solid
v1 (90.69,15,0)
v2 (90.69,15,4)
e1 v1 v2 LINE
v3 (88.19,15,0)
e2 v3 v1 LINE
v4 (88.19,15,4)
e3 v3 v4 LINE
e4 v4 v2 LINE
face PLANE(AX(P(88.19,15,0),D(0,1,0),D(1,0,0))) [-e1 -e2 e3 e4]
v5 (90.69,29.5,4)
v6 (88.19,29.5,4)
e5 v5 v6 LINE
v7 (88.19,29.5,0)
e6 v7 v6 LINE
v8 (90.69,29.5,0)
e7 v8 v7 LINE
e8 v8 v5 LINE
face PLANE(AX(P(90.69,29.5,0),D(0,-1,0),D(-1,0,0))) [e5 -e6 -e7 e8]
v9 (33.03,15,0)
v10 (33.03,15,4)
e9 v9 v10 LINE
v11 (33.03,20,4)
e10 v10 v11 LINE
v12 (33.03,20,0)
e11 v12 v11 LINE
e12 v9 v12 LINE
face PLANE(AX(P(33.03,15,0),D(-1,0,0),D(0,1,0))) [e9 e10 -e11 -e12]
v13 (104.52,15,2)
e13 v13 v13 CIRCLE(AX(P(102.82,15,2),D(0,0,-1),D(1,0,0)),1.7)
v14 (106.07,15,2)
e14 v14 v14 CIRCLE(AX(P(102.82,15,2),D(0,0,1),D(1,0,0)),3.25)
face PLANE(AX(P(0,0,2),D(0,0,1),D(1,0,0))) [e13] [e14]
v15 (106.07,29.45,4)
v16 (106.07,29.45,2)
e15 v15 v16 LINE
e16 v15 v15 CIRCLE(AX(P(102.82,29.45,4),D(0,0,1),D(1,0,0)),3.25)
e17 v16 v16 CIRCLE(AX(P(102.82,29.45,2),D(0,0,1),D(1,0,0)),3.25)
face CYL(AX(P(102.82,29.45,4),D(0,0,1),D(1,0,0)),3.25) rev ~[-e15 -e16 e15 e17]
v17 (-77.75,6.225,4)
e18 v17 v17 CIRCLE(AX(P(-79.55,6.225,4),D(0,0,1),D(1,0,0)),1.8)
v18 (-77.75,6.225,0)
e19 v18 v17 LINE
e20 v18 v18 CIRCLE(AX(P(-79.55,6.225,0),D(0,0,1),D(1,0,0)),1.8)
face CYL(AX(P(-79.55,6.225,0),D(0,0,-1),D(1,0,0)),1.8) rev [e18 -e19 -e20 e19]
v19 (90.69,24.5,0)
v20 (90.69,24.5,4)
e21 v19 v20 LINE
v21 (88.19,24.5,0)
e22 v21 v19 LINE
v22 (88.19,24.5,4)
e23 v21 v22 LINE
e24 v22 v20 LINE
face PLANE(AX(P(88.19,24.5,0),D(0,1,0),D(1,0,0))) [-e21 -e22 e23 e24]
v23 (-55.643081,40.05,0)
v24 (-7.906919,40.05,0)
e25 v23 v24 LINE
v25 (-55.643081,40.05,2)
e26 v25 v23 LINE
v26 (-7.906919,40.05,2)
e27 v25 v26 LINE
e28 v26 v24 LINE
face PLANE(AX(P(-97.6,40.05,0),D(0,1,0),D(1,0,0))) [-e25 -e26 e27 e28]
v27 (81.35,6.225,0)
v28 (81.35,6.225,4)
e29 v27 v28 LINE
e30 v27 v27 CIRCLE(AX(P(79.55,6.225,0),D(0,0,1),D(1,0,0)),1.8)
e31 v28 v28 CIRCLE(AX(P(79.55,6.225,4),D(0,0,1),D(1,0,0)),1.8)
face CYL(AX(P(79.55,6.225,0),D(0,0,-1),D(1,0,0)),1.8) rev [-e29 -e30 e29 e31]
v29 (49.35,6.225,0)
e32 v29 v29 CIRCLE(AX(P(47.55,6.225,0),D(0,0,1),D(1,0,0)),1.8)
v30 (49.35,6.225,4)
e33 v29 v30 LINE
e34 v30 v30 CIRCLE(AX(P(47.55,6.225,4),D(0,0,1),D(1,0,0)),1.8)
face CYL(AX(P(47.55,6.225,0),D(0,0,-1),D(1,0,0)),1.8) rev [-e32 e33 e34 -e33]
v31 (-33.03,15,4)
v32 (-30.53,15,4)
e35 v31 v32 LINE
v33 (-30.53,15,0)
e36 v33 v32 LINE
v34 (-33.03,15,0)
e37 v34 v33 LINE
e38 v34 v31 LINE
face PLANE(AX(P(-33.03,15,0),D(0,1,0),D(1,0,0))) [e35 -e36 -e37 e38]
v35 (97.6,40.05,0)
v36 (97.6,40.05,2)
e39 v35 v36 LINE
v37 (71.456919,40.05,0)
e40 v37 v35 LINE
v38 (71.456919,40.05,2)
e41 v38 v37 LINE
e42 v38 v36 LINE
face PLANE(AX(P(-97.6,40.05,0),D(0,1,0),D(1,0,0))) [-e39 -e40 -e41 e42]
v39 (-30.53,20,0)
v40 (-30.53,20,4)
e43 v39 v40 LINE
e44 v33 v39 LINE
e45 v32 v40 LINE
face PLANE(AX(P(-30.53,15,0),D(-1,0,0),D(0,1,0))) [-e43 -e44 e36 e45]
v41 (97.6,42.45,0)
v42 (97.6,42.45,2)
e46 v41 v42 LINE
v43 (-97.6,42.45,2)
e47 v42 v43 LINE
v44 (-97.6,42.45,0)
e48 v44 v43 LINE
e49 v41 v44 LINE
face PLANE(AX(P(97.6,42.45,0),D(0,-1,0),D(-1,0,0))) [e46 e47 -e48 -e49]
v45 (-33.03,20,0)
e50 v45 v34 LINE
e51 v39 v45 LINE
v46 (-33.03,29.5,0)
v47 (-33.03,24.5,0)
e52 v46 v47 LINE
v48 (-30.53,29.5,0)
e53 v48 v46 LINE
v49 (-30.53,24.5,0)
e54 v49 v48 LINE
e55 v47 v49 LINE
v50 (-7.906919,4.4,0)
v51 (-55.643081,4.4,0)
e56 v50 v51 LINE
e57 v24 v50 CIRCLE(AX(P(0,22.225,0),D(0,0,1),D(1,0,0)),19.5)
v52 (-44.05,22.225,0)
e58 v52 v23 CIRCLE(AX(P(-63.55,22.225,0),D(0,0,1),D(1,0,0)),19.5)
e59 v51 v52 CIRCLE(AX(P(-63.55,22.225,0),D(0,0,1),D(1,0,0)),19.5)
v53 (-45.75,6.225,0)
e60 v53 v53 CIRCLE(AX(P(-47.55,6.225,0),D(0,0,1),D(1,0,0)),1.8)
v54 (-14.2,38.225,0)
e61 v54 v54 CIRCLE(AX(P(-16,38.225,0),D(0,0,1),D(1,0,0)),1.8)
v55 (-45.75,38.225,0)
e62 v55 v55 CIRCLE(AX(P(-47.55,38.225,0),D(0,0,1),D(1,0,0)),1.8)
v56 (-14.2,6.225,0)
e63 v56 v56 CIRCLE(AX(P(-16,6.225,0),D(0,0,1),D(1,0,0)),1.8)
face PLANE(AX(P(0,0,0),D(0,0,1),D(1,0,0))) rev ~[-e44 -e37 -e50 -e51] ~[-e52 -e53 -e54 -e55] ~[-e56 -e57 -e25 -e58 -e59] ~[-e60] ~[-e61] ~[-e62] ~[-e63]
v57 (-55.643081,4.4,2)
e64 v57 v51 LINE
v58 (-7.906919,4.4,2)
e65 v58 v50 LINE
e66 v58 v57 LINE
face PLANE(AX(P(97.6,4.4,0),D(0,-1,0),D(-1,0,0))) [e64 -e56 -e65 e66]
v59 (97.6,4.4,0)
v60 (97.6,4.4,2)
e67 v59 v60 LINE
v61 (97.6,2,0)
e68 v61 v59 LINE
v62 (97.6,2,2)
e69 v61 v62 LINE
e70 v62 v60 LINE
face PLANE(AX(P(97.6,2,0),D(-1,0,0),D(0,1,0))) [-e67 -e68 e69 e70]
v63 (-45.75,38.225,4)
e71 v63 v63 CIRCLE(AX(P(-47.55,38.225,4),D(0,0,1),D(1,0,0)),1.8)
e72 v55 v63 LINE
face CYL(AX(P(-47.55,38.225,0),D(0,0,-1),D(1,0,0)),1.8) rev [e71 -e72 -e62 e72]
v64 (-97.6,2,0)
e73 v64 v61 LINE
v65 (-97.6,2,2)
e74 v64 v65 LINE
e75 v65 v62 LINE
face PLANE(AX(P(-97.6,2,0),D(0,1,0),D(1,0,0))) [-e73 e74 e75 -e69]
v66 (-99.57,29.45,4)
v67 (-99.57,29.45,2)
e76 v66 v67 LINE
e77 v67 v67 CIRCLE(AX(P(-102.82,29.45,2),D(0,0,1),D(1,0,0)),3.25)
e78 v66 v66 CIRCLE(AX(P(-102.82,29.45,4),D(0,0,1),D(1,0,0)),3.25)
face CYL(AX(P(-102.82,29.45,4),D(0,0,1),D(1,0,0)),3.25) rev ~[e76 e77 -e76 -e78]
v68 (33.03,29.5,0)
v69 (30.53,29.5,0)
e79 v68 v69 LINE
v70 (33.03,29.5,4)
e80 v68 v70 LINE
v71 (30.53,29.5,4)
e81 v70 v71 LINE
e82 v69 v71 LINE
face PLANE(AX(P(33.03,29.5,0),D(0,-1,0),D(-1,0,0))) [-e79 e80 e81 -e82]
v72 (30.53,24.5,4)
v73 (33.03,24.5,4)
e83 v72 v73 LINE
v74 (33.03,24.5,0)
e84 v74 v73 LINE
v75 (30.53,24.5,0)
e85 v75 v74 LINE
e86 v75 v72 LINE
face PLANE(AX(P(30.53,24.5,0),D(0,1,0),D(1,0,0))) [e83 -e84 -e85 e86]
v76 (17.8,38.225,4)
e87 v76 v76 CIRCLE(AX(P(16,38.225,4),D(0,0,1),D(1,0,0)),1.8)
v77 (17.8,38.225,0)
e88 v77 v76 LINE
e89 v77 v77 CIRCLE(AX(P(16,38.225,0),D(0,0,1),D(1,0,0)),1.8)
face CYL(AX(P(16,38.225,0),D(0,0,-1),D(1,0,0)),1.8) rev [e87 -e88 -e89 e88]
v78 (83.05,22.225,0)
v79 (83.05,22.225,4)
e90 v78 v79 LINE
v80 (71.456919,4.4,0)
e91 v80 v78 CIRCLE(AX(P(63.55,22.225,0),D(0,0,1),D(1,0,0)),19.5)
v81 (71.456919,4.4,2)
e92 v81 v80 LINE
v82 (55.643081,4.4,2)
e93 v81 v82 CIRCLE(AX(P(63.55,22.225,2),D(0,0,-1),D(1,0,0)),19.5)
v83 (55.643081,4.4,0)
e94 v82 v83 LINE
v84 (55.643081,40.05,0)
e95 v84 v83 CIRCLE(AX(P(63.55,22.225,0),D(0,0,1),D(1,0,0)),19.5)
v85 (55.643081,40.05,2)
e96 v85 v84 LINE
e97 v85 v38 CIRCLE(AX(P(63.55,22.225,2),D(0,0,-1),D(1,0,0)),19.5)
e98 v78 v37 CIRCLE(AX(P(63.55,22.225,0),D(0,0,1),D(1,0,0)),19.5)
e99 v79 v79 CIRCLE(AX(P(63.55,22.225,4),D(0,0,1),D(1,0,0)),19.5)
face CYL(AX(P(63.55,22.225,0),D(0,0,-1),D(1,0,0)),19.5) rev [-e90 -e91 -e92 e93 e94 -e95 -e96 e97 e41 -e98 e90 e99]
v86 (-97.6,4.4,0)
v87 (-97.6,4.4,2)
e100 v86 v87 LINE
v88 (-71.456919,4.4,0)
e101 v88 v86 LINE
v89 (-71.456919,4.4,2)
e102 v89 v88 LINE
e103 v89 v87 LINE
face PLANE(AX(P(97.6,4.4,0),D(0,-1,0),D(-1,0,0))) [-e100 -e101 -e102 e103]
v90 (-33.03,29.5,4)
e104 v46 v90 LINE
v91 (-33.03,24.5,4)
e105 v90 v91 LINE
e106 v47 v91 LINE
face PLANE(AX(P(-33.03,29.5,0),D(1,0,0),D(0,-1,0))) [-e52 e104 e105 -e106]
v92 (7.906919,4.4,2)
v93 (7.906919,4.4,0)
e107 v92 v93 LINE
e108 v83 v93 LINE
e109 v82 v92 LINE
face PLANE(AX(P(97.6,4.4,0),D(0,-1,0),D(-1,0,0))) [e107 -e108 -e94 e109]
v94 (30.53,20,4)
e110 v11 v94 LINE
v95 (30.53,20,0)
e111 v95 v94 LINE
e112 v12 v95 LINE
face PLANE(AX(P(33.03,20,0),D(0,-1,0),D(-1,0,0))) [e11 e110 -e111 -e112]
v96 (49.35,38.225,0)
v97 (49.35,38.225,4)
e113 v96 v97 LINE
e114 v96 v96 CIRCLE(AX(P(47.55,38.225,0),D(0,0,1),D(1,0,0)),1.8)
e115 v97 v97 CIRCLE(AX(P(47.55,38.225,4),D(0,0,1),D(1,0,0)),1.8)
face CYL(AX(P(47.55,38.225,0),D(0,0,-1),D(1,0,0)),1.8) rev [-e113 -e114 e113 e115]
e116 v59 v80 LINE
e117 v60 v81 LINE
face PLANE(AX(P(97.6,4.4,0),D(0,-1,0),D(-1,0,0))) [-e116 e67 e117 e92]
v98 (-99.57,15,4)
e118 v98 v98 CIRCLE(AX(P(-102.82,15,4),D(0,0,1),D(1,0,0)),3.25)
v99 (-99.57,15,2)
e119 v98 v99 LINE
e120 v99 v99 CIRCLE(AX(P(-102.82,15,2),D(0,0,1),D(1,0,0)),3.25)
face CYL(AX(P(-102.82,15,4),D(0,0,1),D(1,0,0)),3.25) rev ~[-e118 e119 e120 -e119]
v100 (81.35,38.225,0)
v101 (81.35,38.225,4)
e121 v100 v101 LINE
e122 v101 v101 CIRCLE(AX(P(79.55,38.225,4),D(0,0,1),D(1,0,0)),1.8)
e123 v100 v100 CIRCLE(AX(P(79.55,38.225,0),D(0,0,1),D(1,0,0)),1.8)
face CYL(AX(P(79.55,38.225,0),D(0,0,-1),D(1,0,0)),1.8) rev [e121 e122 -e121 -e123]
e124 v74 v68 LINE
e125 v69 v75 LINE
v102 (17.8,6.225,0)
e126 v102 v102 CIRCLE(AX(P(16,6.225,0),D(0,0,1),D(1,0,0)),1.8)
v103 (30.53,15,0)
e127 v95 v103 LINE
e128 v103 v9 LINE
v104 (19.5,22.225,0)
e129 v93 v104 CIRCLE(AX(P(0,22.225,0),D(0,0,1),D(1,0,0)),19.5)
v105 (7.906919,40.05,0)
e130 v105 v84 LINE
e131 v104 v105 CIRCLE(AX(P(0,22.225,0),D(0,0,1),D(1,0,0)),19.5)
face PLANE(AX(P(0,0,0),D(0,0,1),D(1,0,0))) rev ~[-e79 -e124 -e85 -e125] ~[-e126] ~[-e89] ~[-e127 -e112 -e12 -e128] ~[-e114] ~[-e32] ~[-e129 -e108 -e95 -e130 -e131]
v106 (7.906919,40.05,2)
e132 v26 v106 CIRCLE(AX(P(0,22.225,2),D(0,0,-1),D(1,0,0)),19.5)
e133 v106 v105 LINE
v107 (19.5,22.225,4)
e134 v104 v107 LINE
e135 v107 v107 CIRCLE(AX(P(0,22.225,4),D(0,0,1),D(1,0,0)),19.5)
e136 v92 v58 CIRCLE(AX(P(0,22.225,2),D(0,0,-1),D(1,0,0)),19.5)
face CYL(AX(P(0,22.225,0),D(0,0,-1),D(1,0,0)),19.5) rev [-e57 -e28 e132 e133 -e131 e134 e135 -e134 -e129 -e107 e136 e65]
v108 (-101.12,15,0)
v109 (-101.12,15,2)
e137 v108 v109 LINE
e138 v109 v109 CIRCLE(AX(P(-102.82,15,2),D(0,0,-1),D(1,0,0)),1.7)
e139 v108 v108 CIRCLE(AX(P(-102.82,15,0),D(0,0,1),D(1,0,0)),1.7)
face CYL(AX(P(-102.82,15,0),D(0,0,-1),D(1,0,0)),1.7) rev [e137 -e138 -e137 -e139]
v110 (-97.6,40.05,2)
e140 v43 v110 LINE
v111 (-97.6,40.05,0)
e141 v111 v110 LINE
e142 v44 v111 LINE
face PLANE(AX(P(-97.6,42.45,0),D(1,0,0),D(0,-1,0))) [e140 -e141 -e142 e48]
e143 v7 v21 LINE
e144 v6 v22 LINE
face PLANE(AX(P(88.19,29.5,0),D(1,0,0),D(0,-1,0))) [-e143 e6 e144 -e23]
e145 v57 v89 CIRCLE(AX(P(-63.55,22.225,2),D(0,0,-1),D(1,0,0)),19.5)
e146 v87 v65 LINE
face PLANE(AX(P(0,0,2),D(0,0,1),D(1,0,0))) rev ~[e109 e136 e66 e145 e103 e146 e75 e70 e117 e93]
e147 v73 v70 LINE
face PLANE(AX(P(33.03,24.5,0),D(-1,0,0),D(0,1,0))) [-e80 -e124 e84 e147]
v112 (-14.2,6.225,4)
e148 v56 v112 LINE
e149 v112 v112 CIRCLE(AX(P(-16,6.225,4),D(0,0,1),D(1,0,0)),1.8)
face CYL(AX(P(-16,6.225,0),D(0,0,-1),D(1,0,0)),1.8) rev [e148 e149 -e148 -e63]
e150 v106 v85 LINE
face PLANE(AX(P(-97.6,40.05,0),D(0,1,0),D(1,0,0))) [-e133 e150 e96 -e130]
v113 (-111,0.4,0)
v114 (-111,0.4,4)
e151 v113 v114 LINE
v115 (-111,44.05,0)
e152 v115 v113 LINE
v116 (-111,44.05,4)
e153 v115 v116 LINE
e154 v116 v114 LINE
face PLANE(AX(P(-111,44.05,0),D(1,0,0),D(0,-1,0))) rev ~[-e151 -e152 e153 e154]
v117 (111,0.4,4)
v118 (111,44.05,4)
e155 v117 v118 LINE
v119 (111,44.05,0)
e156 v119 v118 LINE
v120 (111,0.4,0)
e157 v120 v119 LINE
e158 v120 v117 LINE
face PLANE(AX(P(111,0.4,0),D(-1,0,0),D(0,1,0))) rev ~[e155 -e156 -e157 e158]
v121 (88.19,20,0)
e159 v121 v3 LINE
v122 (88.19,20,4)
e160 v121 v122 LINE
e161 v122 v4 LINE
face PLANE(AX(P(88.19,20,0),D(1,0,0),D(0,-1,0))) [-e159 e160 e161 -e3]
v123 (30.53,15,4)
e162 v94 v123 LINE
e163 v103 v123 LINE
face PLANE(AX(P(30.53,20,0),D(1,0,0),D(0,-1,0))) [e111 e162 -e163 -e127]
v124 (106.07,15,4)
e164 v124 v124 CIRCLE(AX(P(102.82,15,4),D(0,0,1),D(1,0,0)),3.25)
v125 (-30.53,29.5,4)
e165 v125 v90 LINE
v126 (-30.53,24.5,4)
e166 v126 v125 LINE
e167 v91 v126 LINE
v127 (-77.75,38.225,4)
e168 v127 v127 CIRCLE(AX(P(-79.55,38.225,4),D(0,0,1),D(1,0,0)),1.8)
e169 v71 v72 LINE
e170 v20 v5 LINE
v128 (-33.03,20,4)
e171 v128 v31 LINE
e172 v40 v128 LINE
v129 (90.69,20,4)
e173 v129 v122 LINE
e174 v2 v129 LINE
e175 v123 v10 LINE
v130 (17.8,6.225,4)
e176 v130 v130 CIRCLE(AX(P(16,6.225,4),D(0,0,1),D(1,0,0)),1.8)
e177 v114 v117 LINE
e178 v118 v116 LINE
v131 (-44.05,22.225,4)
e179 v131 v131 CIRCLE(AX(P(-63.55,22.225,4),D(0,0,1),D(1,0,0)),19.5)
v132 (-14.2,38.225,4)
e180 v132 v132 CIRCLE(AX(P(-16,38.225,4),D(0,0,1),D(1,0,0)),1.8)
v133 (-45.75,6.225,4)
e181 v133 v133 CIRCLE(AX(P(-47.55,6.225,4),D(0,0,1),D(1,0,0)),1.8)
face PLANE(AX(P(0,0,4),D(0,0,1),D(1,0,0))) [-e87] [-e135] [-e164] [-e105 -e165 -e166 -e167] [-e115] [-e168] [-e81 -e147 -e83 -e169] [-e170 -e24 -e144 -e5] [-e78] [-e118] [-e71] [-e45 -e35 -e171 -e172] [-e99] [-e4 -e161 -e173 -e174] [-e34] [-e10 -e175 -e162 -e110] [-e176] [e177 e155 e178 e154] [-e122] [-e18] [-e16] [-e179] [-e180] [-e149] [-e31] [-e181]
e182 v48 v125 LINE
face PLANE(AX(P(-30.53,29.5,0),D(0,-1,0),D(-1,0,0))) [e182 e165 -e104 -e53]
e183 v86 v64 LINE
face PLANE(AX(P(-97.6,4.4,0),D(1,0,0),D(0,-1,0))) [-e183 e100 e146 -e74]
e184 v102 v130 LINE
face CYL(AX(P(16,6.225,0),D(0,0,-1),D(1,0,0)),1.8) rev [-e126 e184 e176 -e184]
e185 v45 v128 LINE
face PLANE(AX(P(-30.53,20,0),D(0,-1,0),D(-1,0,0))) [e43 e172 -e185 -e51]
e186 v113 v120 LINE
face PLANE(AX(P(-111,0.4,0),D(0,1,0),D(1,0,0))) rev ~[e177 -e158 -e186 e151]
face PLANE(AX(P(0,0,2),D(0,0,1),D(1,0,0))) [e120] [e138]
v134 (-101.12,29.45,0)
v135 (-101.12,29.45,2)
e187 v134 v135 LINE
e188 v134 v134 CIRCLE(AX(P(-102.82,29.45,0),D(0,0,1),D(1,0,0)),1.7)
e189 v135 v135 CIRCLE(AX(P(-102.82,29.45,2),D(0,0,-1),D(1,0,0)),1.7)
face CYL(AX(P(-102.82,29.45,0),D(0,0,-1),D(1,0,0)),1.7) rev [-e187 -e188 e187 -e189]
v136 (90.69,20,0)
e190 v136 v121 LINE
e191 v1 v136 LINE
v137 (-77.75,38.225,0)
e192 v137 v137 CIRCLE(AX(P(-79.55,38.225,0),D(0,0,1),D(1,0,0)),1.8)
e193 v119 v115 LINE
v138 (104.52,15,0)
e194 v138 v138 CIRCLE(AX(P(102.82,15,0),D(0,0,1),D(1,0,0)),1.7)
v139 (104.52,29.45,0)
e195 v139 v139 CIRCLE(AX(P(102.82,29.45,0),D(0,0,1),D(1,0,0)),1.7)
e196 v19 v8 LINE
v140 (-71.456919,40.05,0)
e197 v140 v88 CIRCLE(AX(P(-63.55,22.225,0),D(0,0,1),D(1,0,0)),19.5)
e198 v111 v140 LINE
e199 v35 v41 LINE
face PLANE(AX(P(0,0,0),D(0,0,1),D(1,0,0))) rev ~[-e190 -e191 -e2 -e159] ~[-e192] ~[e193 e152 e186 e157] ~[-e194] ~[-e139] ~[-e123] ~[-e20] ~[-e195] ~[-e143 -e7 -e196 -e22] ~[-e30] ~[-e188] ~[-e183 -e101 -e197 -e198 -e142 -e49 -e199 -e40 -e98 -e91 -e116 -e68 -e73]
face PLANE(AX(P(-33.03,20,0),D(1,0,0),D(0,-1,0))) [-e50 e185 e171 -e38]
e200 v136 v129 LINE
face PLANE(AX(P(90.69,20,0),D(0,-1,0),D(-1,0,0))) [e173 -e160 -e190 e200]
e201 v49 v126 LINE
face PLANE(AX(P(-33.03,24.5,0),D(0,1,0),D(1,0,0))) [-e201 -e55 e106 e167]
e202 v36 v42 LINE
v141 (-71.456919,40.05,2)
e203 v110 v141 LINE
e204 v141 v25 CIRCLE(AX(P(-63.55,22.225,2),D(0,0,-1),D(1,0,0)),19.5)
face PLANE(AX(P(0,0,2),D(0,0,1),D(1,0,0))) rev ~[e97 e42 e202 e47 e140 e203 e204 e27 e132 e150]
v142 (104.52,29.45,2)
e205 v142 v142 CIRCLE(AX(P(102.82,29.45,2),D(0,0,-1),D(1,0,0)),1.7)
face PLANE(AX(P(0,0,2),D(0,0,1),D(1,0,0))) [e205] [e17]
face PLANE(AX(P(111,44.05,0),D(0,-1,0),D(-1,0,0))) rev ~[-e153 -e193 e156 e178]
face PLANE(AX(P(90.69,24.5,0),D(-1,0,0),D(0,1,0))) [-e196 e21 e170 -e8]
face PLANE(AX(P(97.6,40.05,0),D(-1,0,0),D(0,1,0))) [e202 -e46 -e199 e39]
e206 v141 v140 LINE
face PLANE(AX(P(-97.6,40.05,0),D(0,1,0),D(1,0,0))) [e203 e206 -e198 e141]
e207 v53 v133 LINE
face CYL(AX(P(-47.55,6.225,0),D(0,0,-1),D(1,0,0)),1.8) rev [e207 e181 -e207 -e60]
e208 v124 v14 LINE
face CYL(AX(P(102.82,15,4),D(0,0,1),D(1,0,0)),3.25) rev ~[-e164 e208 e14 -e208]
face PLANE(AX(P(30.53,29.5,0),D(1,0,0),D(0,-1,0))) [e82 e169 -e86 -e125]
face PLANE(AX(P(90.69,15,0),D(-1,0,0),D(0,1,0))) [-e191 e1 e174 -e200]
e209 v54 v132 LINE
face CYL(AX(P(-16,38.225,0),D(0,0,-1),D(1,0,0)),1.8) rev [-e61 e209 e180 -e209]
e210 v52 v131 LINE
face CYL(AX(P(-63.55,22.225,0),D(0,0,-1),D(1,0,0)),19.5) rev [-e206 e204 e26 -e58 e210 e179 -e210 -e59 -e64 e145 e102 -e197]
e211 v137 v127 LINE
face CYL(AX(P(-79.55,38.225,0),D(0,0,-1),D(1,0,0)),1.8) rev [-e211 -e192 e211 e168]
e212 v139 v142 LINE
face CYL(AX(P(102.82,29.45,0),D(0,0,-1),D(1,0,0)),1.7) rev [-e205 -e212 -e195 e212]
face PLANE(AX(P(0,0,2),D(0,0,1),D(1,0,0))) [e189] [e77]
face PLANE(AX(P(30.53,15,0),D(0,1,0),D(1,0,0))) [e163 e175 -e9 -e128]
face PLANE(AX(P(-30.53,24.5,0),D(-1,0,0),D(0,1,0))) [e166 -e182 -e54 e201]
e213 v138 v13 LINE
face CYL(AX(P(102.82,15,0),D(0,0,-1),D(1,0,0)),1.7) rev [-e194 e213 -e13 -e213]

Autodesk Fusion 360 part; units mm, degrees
sketch "Sketch1" plane through (0, 0, 0) normal (0, 0, 1) x (1, 0, 0)
  line L0 (-111, 0.4) -> (111, 0.4)
  line L1 (111, 0.4) -> (111, 44.05)
  line L2 (111, 44.05) -> (-111, 44.05)
  line L3 (-111, 44.05) -> (-111, 0.4)
extrude "Extrude1" add sketch "Sketch1" along normal blind 4
sketch "Sketch2" plane through (0, 0, 0) normal (0, 0, 1) x (1, 0, 0)
  circle A0 centre (-63.55, 22.225) radius 19.5
  circle A1 centre (-79.55, 6.225) radius 1.8
  circle A2 centre (-79.55, 38.225) radius 1.8
  circle A3 centre (-47.55, 6.225) radius 1.8
  circle A4 centre (-47.55, 38.225) radius 1.8
  circle A5 centre (0, 22.225) radius 19.5
  circle A6 centre (-16, 6.225) radius 1.8
  circle A7 centre (-16, 38.225) radius 1.8
  circle A8 centre (16, 6.225) radius 1.8
  circle A9 centre (16, 38.225) radius 1.8
  circle A10 centre (63.55, 22.225) radius 19.5
  circle A11 centre (47.55, 6.225) radius 1.8
  circle A12 centre (47.55, 38.225) radius 1.8
  circle A13 centre (79.55, 6.225) radius 1.8
  circle A14 centre (79.55, 38.225) radius 1.8
  circle A15 centre (-102.82, 15) radius 1.7
  circle A16 centre (-102.82, 29.45) radius 1.7
  circle A17 centre (102.82, 15) radius 1.7
  circle A18 centre (102.82, 29.45) radius 1.7
extrude "Extrude2" cut sketch "Sketch2" along normal blind 4
sketch "Sketch3" plane through (0, 0, 0) normal (0, 0, 1) x (1, 0, 0)
  line L0 (-33.03, 15) -> (-30.53, 15)
  line L1 (-30.53, 15) -> (-30.53, 20)
  line L2 (-30.53, 20) -> (-33.03, 20)
  line L3 (-33.03, 20) -> (-33.03, 15)
  line L4 (-33.03, 24.5) -> (-30.53, 24.5)
  line L5 (-30.53, 24.5) -> (-30.53, 29.5)
  line L6 (-30.53, 29.5) -> (-33.03, 29.5)
  line L7 (-33.03, 29.5) -> (-33.03, 24.5)
  line L8 (30.53, 15) -> (33.03, 15)
  line L9 (33.03, 15) -> (33.03, 20)
  line L10 (33.03, 20) -> (30.53, 20)
  line L11 (30.53, 20) -> (30.53, 15)
  line L12 (30.53, 24.5) -> (33.03, 24.5)
  line L13 (33.03, 24.5) -> (33.03, 29.5)
  line L14 (33.03, 29.5) -> (30.53, 29.5)
  line L15 (30.53, 29.5) -> (30.53, 24.5)
  line L16 (88.19, 15) -> (90.69, 15)
  line L17 (90.69, 15) -> (90.69, 20)
  line L18 (90.69, 20) -> (88.19, 20)
  line L19 (88.19, 20) -> (88.19, 15)
  line L20 (88.19, 24.5) -> (90.69, 24.5)
  line L21 (90.69, 24.5) -> (90.69, 29.5)
  line L22 (90.69, 29.5) -> (88.19, 29.5)
  line L23 (88.19, 29.5) -> (88.19, 24.5)
extrude "Extrude3" cut sketch "Sketch3" along normal blind 4
ref_plane "WorkPlane1" through (0, 0, 4) normal (0, 0, 1) x (1, 0, 0)
sketch "Sketch4" plane through (0, 0, 4) normal (0, 0, 1) x (1, 0, 0)
  circle A0 centre (-102.82, 15) radius 3.25
  circle A1 centre (-102.82, 29.45) radius 3.25
  circle A2 centre (102.82, 15) radius 3.25
  circle A3 centre (102.82, 29.45) radius 3.25
extrude "Extrude4" cut sketch "Sketch4" against normal blind 2
sketch "Sketch5" plane through (0, 0, 0) normal (0, 0, 1) x (1, 0, 0)
  line L0 (-97.6, 2) -> (97.6, 2)
  line L1 (97.6, 2) -> (97.6, 4.4)
  line L2 (97.6, 4.4) -> (-97.6, 4.4)
  line L3 (-97.6, 4.4) -> (-97.6, 2)
  line L4 (-97.6, 40.05) -> (97.6, 40.05)
  line L5 (97.6, 40.05) -> (97.6, 42.45)
  line L6 (97.6, 42.45) -> (-97.6, 42.45)
  line L7 (-97.6, 42.45) -> (-97.6, 40.05)
extrude "Extrude5" cut sketch "Sketch5" along normal blind 2
